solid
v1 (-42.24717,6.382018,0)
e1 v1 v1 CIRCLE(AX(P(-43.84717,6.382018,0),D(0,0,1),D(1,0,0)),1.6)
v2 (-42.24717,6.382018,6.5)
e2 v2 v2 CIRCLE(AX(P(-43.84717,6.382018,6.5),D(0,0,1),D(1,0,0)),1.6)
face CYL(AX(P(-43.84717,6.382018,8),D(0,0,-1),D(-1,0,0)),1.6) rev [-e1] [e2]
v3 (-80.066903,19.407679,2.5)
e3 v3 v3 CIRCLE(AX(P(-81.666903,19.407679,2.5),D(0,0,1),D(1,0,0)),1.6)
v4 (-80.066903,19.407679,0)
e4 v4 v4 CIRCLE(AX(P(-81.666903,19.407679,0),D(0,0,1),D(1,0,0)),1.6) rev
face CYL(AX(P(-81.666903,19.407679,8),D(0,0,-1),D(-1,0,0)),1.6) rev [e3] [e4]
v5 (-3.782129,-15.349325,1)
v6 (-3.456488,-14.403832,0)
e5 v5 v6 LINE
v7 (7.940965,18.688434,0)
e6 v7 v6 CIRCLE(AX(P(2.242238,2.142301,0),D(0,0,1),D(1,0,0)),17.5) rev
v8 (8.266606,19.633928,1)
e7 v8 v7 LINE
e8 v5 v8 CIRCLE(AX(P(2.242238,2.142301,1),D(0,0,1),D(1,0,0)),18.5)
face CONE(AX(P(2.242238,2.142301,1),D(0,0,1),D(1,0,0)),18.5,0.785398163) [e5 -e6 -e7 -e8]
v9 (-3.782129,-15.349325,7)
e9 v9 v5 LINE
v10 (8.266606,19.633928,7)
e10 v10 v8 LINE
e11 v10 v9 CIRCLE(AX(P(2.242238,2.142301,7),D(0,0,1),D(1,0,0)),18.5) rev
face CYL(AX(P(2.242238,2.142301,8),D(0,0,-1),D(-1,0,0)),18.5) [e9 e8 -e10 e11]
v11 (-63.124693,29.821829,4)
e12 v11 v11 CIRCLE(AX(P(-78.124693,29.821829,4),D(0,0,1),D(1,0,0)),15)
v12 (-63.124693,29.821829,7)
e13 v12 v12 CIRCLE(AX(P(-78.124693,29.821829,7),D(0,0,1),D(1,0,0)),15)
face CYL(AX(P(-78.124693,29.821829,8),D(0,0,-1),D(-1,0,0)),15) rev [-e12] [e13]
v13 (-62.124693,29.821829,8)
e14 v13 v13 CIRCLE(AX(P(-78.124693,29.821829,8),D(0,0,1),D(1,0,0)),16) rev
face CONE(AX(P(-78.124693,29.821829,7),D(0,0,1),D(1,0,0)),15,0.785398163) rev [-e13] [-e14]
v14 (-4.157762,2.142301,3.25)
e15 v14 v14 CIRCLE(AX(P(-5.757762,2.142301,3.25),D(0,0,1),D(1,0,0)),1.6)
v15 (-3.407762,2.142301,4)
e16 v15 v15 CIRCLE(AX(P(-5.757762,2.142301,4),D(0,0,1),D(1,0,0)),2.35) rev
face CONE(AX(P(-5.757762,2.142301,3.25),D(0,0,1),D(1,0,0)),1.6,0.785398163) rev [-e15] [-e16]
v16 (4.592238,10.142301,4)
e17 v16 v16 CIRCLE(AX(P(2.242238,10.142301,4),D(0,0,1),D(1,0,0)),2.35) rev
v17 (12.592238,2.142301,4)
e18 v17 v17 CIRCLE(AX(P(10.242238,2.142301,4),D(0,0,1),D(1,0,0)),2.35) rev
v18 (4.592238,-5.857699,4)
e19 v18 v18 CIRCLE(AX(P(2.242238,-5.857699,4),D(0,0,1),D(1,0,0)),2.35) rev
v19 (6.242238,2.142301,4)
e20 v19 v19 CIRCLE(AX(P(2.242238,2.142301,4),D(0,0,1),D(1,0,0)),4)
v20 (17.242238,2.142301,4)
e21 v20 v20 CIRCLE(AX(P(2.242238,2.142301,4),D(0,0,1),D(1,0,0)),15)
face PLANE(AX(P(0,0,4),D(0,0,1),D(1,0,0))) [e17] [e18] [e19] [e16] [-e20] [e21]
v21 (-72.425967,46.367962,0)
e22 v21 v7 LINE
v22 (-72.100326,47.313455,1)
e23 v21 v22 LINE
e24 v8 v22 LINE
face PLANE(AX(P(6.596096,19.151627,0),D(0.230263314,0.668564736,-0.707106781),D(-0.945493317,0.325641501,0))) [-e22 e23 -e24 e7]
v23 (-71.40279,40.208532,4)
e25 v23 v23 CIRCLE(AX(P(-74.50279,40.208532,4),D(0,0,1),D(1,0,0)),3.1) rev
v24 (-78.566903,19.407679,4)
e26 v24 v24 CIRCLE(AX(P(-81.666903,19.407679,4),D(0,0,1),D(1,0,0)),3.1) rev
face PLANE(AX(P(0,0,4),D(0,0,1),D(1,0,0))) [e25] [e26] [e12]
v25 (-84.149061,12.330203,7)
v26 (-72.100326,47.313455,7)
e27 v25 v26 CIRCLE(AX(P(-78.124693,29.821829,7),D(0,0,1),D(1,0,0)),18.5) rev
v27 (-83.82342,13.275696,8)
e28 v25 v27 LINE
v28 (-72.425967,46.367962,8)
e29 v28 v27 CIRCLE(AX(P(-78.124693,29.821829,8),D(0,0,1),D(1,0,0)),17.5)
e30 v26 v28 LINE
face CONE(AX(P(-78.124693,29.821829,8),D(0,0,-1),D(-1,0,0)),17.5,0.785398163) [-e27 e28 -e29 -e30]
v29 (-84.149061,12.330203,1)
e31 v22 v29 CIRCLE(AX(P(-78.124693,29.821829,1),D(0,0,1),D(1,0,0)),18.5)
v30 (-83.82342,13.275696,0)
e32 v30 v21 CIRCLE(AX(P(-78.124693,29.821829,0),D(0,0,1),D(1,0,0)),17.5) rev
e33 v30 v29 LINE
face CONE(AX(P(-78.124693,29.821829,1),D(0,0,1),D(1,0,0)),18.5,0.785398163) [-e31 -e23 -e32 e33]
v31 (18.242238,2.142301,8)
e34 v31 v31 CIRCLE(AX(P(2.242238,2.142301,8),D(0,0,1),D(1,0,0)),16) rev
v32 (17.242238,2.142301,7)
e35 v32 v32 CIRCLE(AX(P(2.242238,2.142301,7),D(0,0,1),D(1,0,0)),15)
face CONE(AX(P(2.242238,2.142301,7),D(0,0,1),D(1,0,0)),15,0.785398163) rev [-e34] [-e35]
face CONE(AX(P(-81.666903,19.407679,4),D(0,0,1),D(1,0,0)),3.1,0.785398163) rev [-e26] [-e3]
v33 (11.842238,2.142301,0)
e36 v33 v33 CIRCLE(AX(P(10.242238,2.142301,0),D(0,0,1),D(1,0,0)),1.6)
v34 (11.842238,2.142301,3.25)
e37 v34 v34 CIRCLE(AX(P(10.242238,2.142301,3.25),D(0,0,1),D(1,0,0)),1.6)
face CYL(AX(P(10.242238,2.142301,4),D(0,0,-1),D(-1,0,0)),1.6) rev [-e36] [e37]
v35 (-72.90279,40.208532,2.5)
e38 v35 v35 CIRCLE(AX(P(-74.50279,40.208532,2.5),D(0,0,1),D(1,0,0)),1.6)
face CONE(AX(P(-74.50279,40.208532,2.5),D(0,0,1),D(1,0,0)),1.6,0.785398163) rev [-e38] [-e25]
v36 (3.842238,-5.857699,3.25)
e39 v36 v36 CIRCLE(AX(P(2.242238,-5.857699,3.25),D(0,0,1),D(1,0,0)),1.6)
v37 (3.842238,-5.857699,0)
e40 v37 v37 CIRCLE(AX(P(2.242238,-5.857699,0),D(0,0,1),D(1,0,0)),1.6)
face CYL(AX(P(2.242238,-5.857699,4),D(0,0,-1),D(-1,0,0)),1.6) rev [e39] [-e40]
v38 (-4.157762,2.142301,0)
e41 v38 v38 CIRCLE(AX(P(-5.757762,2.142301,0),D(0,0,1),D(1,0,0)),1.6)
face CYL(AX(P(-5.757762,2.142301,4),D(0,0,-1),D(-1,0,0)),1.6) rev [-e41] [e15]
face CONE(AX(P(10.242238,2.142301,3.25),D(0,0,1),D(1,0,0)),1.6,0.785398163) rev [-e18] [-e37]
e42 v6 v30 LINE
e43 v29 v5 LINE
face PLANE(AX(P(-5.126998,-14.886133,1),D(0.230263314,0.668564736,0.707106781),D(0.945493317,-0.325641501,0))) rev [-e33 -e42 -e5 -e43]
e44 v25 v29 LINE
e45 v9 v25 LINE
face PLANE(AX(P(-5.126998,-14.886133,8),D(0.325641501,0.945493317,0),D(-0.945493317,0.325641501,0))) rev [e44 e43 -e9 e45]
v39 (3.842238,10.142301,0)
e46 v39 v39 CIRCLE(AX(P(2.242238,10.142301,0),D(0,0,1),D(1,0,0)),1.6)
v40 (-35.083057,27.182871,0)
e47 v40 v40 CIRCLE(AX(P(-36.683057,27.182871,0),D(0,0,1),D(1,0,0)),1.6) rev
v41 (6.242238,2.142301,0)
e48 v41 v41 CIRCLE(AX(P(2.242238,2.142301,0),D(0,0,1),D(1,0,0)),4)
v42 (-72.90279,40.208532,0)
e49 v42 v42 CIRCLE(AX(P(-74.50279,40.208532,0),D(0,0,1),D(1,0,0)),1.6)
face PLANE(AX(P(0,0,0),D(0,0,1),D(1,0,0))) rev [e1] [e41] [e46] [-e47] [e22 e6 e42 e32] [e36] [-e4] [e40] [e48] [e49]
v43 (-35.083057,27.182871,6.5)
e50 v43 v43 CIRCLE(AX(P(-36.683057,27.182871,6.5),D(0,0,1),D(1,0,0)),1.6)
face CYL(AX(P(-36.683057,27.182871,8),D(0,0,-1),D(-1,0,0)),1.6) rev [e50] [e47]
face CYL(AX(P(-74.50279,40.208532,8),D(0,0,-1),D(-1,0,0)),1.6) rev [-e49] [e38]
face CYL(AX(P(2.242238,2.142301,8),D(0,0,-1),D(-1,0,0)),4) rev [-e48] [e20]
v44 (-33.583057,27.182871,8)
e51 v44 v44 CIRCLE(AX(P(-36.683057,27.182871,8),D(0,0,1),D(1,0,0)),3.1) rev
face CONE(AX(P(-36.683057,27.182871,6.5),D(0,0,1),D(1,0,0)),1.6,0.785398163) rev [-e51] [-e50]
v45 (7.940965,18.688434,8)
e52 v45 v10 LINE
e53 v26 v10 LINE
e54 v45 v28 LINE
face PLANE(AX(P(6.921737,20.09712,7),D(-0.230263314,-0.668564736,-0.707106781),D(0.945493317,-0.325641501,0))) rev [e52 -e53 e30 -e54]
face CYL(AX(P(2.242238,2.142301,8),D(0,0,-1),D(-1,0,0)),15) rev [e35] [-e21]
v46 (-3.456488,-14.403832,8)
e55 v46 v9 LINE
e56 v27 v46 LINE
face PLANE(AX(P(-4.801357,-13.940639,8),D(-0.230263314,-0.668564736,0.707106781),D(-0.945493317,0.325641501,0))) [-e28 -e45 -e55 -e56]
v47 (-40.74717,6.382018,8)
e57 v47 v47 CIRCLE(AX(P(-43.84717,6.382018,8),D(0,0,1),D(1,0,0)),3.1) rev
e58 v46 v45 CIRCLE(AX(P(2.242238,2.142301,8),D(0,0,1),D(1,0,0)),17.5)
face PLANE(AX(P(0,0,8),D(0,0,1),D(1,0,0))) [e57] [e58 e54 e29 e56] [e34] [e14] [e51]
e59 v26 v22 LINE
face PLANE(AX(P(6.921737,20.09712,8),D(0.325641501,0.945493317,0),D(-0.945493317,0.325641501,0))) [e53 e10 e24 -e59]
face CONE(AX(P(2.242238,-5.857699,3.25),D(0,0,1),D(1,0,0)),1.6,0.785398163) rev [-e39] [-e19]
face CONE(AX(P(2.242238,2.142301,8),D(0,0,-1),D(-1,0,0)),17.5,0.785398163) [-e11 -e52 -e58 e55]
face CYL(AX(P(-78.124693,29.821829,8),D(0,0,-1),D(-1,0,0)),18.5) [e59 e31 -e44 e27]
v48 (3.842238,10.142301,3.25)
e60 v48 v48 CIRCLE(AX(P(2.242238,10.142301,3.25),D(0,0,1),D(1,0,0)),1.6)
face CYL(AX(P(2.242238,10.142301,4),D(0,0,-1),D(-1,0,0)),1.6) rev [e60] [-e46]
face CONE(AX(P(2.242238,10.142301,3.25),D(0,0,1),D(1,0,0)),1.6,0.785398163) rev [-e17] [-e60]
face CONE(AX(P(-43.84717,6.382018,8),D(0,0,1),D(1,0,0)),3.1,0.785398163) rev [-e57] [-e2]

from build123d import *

# Parameters (mm, degrees)
SKETCH1_R               = 15
BOSS_EXTRUDE1_DEPTH     = 8
SKETCH1_5_R             = 15
SKETCH1_5_R_2           = 1.6
BOSS_EXTRUDE4_DEPTH     = 4
CHAMFER1_SIZE           = 0.75
CHAMFER3_SIZE           = 1
CUT_EXTRUDE1_DEPTH      = 109.32973067
CUT_EXTRUDE1_DEPTH_BACK = 109.32973067
SKETCH8_R               = 4
CUT_EXTRUDE2_DEPTH      = 109.32973067
CUT_EXTRUDE2_DEPTH_BACK = 109.32973067
SKETCH10_R              = 1.6
CHAMFER4_SIZE           = 1.5
CHAMFER5_SIZE           = 1
CHAMFER6_SIZE           = 1


with BuildPart() as part:
    # Sketch1 → Boss-Extrude1 (new body)
    with BuildSketch(Plane.XY):
        with BuildLine():
            ThreePointArc((-72.100325672, 47.313455418), (-95.616319813, 35.84619683), (-84.149061225, 12.330202688))
            Line((-84.149061225, 12.330202688), (-3.782129278, -15.349324934))
            ThreePointArc((-3.782129278, -15.349324934), (19.733864864, -3.882066346), (8.266606276, 19.633927796))
            Line((8.266606276, 19.633927796), (-72.100325672, 47.313455418))
        make_face()
        with Locations((2.242238499, 2.142301431)):
            Circle(SKETCH1_R, mode=Mode.SUBTRACT)
        with Locations((-78.124693448, 29.821829053)):
            Circle(SKETCH1_R, mode=Mode.SUBTRACT)
    extrude(amount=BOSS_EXTRUDE1_DEPTH)

    # Sketch1<5> → Boss-Extrude4 (add)
    # profile 1 of 2: a face of its own
    with BuildSketch(Plane.XY):
        with Locations((2.242238499, 2.142301431)):
            Circle(SKETCH1_5_R)
        with Locations((2.242238499, -5.857698569)):
            Circle(SKETCH1_5_R_2, mode=Mode.SUBTRACT)
        with Locations((-5.757761501, 2.142301431)):
            Circle(SKETCH1_5_R_2, mode=Mode.SUBTRACT)
        with Locations((10.242238499, 2.142301431)):
            Circle(SKETCH1_5_R_2, mode=Mode.SUBTRACT)
        with Locations((2.242238499, 10.142301431)):
            Circle(SKETCH1_5_R_2, mode=Mode.SUBTRACT)
    # profile 2 of 2: a face of its own
    with BuildSketch(Plane.XY):
        with Locations((-78.124693448, 29.821829053)):
            Circle(SKETCH1_5_R)
    extrude(amount=BOSS_EXTRUDE4_DEPTH)

    # Chamfer1
    chamfer1_edges = [part.edges().sort_by_distance(p)[0] for p in [
        (-7.357761501, 2.142301431, 4),
        (0.642238499, -5.857698569, 4),
        (8.642238499, 2.142301431, 4),
        (0.642238499, 10.142301431, 4),
    ]]
    chamfer(chamfer1_edges, length=CHAMFER1_SIZE)

    # Chamfer3
    chamfer3_edges = [part.edges().sort_by_distance(p)[0] for p in [
        (-12.757761501, 2.142301431, 8),
        (-93.124693448, 29.821829053, 8),
    ]]
    chamfer(chamfer3_edges, length=CHAMFER3_SIZE)

    # Sketch8 → Cut-Extrude1 (cut, two sides: drawn at the far end of the back side and taken through both)
    with BuildSketch(Plane(origin=(0, 0, 0), x_dir=(-1, 0, 0), z_dir=(0, 0, -1)).offset(-CUT_EXTRUDE1_DEPTH_BACK)):
        with Locations((-2.242238499, 2.142301431)):
            Circle(SKETCH8_R)
    extrude(amount=CUT_EXTRUDE1_DEPTH + CUT_EXTRUDE1_DEPTH_BACK, mode=Mode.SUBTRACT)

    # Sketch10 → Cut-Extrude2 (cut, two sides: drawn at the far end of the back side and taken through both)
    with BuildSketch(Plane(origin=(0, 0, 0), x_dir=(-1, 0, 0), z_dir=(0, 0, -1)).offset(-CUT_EXTRUDE2_DEPTH_BACK)):
        with Locations((74.502789559, 40.208531531)):
            Circle(SKETCH10_R)
        with Locations((36.683056878, 27.182871474)):
            Circle(SKETCH10_R)
        with Locations((81.66690259, 19.407678557)):
            Circle(SKETCH10_R)
        with Locations((43.847169909, 6.382018499)):
            Circle(SKETCH10_R)
    extrude(amount=CUT_EXTRUDE2_DEPTH + CUT_EXTRUDE2_DEPTH_BACK, mode=Mode.SUBTRACT)

    # Chamfer4
    chamfer4_edges = [part.edges().sort_by_distance(p)[0] for p in [
        (-72.902789559, 40.208531531, 4),
        (-42.247169909, 6.382018499, 8),
        (-35.083056878, 27.182871474, 8),
        (-80.06690259, 19.407678557, 4),
    ]]
    chamfer(chamfer4_edges, length=CHAMFER4_SIZE)

    # Chamfer5
    chamfer5_edges = [part.edges().sort_by_distance(p)[0] for p in [
        (-31.916859698, 33.473691607, 0),
        (-95.616319813, 35.84619683, 0),
        (19.733864864, -3.882066346, 0),
        (-43.965595251, -1.509561123, 0),
    ]]
    chamfer(chamfer5_edges, length=CHAMFER5_SIZE)

    # Chamfer6
    chamfer6_edges = [part.edges().sort_by_distance(p)[0] for p in [
        (-31.916859698, 33.473691607, 8),
        (-95.616319813, 35.84619683, 8),
        (19.733864864, -3.882066346, 8),
        (-43.965595251, -1.509561123, 8),
    ]]
    chamfer(chamfer6_edges, length=CHAMFER6_SIZE)


solid = part.part
